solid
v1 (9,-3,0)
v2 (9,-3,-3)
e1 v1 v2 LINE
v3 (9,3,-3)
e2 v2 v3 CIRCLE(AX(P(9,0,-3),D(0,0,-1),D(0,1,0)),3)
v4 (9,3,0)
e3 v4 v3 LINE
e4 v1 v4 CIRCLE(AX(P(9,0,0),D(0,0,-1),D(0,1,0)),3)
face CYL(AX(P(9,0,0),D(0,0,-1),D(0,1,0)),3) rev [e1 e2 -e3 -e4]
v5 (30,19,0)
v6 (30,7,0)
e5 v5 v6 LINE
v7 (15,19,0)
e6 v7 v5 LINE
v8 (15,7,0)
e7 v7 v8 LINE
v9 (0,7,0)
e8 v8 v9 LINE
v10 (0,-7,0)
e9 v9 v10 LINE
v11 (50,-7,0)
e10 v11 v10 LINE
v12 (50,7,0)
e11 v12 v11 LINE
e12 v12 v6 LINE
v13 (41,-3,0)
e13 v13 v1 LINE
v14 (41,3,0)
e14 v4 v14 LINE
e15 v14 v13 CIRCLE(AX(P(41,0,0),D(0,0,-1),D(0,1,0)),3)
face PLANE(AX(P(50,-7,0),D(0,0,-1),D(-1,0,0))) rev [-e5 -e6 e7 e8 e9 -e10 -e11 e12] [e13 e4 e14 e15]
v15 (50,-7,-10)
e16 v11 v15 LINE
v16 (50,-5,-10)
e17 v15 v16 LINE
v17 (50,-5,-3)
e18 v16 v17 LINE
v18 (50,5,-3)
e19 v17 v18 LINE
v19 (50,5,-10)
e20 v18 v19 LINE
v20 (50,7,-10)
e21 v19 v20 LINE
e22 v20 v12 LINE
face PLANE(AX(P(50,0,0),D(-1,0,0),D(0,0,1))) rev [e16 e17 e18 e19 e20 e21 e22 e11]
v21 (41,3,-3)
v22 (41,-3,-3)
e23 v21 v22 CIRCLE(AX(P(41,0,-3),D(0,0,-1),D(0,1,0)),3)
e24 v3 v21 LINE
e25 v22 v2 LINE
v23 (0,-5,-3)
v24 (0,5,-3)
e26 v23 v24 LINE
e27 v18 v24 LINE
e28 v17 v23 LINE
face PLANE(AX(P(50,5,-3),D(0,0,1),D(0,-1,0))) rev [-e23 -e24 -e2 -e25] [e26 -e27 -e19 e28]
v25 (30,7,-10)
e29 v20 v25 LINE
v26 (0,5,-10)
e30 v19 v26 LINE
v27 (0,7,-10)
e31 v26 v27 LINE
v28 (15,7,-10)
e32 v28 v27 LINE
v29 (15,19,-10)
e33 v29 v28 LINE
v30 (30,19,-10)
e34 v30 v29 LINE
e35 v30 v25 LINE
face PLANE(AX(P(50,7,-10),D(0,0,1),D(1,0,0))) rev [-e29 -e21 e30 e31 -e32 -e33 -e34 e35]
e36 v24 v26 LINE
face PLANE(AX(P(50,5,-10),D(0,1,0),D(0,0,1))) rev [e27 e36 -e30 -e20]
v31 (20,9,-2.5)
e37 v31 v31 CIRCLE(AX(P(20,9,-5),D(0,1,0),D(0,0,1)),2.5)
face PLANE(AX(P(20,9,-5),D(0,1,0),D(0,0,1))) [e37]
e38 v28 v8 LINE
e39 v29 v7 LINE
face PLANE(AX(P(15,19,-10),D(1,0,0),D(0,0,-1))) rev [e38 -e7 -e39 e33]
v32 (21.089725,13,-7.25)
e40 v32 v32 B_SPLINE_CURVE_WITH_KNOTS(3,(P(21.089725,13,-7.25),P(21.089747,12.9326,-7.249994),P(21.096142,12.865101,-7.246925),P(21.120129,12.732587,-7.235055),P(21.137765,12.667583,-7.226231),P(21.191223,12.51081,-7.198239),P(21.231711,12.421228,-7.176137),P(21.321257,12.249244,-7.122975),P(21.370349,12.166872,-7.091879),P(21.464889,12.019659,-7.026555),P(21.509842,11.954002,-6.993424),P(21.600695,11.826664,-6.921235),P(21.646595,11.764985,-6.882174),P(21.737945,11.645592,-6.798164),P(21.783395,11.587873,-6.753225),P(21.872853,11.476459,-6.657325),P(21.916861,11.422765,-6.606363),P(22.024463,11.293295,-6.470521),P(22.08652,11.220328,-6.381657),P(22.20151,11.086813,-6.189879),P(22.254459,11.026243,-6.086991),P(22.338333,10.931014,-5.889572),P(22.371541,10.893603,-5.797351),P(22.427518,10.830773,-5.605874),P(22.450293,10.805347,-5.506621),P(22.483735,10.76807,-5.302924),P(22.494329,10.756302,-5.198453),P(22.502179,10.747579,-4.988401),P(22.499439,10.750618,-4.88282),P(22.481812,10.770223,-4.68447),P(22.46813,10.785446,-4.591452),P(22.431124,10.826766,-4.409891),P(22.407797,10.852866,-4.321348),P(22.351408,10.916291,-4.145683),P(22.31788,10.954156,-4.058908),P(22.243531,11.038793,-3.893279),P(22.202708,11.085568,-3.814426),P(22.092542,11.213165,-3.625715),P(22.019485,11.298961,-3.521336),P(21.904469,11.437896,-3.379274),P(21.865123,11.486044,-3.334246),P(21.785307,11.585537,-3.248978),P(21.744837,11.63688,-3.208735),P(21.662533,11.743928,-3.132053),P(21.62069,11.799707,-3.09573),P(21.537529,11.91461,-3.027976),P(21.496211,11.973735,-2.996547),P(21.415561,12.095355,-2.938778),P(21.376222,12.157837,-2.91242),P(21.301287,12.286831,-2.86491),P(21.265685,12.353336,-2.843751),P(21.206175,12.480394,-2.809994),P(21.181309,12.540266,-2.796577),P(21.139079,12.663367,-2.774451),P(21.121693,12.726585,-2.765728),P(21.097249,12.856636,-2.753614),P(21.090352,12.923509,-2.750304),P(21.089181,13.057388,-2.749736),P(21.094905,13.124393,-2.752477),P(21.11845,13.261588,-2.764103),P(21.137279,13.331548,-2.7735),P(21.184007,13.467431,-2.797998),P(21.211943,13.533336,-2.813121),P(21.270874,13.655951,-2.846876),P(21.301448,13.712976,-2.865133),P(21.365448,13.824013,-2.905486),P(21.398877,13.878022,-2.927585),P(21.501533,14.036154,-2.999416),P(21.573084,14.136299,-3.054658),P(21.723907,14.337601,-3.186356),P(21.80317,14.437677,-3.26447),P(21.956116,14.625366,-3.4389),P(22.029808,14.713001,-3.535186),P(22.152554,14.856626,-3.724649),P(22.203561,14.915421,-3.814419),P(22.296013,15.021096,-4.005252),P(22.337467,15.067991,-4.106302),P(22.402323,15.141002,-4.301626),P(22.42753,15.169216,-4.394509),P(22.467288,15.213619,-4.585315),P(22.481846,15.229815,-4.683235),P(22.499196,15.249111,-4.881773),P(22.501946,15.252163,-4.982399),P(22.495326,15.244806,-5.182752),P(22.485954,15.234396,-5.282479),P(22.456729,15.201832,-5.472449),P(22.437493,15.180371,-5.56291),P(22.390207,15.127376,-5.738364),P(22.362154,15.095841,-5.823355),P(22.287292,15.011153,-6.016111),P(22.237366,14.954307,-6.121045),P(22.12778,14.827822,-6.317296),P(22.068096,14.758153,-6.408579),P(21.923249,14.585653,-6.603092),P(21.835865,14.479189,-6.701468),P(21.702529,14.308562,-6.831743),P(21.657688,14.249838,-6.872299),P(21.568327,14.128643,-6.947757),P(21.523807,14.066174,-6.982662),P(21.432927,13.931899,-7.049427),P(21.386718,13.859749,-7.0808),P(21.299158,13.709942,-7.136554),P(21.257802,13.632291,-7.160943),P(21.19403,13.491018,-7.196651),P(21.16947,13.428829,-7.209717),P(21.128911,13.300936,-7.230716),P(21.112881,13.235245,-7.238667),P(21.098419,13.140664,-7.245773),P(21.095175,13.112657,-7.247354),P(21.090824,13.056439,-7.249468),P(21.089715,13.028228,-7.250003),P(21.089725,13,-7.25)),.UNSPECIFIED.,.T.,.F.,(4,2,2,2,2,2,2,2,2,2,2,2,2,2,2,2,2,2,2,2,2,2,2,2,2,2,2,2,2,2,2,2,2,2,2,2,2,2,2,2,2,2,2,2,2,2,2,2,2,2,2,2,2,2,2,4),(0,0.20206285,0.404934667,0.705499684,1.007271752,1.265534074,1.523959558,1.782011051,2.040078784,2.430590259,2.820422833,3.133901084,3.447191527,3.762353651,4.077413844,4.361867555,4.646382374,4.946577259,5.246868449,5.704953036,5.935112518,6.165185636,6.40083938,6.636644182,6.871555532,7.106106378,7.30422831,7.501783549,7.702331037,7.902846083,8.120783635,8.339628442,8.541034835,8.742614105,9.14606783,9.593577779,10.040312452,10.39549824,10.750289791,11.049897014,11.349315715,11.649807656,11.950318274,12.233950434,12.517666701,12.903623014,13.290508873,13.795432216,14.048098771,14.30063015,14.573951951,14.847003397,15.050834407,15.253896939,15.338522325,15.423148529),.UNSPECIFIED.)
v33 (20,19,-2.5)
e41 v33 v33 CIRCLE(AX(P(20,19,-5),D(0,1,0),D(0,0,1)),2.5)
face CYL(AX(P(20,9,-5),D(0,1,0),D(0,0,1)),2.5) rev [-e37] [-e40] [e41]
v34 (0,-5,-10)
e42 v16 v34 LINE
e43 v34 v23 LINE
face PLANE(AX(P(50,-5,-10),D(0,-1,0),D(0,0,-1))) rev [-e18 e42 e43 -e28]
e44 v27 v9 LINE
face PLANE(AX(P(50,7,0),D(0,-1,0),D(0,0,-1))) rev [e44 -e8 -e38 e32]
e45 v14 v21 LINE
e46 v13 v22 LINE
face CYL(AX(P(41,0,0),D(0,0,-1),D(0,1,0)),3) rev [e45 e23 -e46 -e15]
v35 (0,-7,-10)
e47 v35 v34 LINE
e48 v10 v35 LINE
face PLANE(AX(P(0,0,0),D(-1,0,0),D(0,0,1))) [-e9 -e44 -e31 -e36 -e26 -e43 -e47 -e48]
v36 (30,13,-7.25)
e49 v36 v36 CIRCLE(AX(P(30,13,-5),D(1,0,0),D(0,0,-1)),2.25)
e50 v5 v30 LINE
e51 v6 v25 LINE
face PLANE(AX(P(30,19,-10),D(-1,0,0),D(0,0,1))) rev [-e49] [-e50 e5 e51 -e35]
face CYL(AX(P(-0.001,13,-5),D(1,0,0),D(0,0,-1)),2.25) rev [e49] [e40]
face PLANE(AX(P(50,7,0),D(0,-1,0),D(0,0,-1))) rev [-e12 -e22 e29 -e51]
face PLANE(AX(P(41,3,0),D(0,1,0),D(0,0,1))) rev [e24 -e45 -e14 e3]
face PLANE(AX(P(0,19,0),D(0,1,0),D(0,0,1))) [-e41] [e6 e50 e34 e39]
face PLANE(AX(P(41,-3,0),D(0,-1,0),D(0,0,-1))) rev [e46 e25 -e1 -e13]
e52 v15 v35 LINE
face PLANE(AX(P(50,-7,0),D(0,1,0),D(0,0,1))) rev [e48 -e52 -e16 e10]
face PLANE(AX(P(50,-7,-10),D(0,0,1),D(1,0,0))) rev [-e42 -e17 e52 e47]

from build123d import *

# Parameters (mm, degrees)
BOSS_EXTRUDE1_DEPTH     = 50
CUT_EXTRUDE1_DEPTH      = 51.970579749
SKETCH4_W               = 15
SKETCH4_H               = 10
BOSS_EXTRUDE2_DEPTH     = 12
SKETCH5_R               = 2.5
CUT_EXTRUDE2_DEPTH      = 10
CUT_EXTRUDE3_REACH      = 38.892
CUT_EXTRUDE3_END_RADIUS = 2.5
SKETCH6_R               = 2.25


with BuildPart() as part:
    # Sketch2 → Boss-Extrude1 (new body)
    with BuildSketch(Plane(origin=(0, 0, 0), x_dir=(0, 0, -1), z_dir=(1, 0, 0))):
        Polygon((0, -7), (0, 7), (10, 7), (10, 5), (3, 5), (3, -5), (10, -5), (10, -7), align=None)
    extrude(amount=BOSS_EXTRUDE1_DEPTH)

    # Sketch3 → Cut-Extrude1 (cut, through all)
    with BuildSketch(Plane(origin=(0, 0, -3), x_dir=(-1, 0, 0), z_dir=(0, 0, -1))):
        with BuildLine():
            Line((-41, 3), (-9, 3))
            ThreePointArc((-9, 3), (-6, 0), (-9, -3))
            Line((-9, -3), (-41, -3))
            ThreePointArc((-41, -3), (-44, 0), (-41, 3))
        make_face()
    extrude(amount=-CUT_EXTRUDE1_DEPTH, mode=Mode.SUBTRACT)

    # Sketch4 → Boss-Extrude2 (add)
    with BuildSketch(Plane(origin=(0, 7, 0), x_dir=(1, 0, 0), z_dir=(0, 1, 0))):
        with Locations((22.5, 5)):
            Rectangle(SKETCH4_W, SKETCH4_H)
    extrude(amount=BOSS_EXTRUDE2_DEPTH)

    # Sketch5 → Cut-Extrude2 (cut)
    with BuildSketch(Plane(origin=(0, 19, 0), x_dir=(1, 0, 0), z_dir=(0, 1, 0))):
        with Locations(Location((20, 5, 0), (0, 0, 270))):
            Circle(SKETCH5_R)
    extrude(amount=-CUT_EXTRUDE2_DEPTH, mode=Mode.SUBTRACT)

    # Cut-Extrude3: up to this cylinder (the profile starts outside it)
    cut_extrude3_end = Plane(origin=(20, 13, -5), z_dir=(0, 1, 0)) * Cylinder(CUT_EXTRUDE3_END_RADIUS, 83.784, mode=Mode.PRIVATE)
    # Sketch6 → Cut-Extrude3 (cut, up to the surface)
    with BuildSketch(Plane(origin=(30, 0, 0), x_dir=(0, 0, -1), z_dir=(1, 0, 0)), mode=Mode.PRIVATE) as cut_extrude3_sk1:
        with Locations((5, 13)):
            Circle(SKETCH6_R)
    cut_extrude3_tool1 = extrude(cut_extrude3_sk1.sketch, amount=-CUT_EXTRUDE3_REACH, mode=Mode.PRIVATE) - cut_extrude3_end
    add(cut_extrude3_tool1.solids().sort_by_distance((30, 13, -5))[0], mode=Mode.SUBTRACT)


solid = part.part
